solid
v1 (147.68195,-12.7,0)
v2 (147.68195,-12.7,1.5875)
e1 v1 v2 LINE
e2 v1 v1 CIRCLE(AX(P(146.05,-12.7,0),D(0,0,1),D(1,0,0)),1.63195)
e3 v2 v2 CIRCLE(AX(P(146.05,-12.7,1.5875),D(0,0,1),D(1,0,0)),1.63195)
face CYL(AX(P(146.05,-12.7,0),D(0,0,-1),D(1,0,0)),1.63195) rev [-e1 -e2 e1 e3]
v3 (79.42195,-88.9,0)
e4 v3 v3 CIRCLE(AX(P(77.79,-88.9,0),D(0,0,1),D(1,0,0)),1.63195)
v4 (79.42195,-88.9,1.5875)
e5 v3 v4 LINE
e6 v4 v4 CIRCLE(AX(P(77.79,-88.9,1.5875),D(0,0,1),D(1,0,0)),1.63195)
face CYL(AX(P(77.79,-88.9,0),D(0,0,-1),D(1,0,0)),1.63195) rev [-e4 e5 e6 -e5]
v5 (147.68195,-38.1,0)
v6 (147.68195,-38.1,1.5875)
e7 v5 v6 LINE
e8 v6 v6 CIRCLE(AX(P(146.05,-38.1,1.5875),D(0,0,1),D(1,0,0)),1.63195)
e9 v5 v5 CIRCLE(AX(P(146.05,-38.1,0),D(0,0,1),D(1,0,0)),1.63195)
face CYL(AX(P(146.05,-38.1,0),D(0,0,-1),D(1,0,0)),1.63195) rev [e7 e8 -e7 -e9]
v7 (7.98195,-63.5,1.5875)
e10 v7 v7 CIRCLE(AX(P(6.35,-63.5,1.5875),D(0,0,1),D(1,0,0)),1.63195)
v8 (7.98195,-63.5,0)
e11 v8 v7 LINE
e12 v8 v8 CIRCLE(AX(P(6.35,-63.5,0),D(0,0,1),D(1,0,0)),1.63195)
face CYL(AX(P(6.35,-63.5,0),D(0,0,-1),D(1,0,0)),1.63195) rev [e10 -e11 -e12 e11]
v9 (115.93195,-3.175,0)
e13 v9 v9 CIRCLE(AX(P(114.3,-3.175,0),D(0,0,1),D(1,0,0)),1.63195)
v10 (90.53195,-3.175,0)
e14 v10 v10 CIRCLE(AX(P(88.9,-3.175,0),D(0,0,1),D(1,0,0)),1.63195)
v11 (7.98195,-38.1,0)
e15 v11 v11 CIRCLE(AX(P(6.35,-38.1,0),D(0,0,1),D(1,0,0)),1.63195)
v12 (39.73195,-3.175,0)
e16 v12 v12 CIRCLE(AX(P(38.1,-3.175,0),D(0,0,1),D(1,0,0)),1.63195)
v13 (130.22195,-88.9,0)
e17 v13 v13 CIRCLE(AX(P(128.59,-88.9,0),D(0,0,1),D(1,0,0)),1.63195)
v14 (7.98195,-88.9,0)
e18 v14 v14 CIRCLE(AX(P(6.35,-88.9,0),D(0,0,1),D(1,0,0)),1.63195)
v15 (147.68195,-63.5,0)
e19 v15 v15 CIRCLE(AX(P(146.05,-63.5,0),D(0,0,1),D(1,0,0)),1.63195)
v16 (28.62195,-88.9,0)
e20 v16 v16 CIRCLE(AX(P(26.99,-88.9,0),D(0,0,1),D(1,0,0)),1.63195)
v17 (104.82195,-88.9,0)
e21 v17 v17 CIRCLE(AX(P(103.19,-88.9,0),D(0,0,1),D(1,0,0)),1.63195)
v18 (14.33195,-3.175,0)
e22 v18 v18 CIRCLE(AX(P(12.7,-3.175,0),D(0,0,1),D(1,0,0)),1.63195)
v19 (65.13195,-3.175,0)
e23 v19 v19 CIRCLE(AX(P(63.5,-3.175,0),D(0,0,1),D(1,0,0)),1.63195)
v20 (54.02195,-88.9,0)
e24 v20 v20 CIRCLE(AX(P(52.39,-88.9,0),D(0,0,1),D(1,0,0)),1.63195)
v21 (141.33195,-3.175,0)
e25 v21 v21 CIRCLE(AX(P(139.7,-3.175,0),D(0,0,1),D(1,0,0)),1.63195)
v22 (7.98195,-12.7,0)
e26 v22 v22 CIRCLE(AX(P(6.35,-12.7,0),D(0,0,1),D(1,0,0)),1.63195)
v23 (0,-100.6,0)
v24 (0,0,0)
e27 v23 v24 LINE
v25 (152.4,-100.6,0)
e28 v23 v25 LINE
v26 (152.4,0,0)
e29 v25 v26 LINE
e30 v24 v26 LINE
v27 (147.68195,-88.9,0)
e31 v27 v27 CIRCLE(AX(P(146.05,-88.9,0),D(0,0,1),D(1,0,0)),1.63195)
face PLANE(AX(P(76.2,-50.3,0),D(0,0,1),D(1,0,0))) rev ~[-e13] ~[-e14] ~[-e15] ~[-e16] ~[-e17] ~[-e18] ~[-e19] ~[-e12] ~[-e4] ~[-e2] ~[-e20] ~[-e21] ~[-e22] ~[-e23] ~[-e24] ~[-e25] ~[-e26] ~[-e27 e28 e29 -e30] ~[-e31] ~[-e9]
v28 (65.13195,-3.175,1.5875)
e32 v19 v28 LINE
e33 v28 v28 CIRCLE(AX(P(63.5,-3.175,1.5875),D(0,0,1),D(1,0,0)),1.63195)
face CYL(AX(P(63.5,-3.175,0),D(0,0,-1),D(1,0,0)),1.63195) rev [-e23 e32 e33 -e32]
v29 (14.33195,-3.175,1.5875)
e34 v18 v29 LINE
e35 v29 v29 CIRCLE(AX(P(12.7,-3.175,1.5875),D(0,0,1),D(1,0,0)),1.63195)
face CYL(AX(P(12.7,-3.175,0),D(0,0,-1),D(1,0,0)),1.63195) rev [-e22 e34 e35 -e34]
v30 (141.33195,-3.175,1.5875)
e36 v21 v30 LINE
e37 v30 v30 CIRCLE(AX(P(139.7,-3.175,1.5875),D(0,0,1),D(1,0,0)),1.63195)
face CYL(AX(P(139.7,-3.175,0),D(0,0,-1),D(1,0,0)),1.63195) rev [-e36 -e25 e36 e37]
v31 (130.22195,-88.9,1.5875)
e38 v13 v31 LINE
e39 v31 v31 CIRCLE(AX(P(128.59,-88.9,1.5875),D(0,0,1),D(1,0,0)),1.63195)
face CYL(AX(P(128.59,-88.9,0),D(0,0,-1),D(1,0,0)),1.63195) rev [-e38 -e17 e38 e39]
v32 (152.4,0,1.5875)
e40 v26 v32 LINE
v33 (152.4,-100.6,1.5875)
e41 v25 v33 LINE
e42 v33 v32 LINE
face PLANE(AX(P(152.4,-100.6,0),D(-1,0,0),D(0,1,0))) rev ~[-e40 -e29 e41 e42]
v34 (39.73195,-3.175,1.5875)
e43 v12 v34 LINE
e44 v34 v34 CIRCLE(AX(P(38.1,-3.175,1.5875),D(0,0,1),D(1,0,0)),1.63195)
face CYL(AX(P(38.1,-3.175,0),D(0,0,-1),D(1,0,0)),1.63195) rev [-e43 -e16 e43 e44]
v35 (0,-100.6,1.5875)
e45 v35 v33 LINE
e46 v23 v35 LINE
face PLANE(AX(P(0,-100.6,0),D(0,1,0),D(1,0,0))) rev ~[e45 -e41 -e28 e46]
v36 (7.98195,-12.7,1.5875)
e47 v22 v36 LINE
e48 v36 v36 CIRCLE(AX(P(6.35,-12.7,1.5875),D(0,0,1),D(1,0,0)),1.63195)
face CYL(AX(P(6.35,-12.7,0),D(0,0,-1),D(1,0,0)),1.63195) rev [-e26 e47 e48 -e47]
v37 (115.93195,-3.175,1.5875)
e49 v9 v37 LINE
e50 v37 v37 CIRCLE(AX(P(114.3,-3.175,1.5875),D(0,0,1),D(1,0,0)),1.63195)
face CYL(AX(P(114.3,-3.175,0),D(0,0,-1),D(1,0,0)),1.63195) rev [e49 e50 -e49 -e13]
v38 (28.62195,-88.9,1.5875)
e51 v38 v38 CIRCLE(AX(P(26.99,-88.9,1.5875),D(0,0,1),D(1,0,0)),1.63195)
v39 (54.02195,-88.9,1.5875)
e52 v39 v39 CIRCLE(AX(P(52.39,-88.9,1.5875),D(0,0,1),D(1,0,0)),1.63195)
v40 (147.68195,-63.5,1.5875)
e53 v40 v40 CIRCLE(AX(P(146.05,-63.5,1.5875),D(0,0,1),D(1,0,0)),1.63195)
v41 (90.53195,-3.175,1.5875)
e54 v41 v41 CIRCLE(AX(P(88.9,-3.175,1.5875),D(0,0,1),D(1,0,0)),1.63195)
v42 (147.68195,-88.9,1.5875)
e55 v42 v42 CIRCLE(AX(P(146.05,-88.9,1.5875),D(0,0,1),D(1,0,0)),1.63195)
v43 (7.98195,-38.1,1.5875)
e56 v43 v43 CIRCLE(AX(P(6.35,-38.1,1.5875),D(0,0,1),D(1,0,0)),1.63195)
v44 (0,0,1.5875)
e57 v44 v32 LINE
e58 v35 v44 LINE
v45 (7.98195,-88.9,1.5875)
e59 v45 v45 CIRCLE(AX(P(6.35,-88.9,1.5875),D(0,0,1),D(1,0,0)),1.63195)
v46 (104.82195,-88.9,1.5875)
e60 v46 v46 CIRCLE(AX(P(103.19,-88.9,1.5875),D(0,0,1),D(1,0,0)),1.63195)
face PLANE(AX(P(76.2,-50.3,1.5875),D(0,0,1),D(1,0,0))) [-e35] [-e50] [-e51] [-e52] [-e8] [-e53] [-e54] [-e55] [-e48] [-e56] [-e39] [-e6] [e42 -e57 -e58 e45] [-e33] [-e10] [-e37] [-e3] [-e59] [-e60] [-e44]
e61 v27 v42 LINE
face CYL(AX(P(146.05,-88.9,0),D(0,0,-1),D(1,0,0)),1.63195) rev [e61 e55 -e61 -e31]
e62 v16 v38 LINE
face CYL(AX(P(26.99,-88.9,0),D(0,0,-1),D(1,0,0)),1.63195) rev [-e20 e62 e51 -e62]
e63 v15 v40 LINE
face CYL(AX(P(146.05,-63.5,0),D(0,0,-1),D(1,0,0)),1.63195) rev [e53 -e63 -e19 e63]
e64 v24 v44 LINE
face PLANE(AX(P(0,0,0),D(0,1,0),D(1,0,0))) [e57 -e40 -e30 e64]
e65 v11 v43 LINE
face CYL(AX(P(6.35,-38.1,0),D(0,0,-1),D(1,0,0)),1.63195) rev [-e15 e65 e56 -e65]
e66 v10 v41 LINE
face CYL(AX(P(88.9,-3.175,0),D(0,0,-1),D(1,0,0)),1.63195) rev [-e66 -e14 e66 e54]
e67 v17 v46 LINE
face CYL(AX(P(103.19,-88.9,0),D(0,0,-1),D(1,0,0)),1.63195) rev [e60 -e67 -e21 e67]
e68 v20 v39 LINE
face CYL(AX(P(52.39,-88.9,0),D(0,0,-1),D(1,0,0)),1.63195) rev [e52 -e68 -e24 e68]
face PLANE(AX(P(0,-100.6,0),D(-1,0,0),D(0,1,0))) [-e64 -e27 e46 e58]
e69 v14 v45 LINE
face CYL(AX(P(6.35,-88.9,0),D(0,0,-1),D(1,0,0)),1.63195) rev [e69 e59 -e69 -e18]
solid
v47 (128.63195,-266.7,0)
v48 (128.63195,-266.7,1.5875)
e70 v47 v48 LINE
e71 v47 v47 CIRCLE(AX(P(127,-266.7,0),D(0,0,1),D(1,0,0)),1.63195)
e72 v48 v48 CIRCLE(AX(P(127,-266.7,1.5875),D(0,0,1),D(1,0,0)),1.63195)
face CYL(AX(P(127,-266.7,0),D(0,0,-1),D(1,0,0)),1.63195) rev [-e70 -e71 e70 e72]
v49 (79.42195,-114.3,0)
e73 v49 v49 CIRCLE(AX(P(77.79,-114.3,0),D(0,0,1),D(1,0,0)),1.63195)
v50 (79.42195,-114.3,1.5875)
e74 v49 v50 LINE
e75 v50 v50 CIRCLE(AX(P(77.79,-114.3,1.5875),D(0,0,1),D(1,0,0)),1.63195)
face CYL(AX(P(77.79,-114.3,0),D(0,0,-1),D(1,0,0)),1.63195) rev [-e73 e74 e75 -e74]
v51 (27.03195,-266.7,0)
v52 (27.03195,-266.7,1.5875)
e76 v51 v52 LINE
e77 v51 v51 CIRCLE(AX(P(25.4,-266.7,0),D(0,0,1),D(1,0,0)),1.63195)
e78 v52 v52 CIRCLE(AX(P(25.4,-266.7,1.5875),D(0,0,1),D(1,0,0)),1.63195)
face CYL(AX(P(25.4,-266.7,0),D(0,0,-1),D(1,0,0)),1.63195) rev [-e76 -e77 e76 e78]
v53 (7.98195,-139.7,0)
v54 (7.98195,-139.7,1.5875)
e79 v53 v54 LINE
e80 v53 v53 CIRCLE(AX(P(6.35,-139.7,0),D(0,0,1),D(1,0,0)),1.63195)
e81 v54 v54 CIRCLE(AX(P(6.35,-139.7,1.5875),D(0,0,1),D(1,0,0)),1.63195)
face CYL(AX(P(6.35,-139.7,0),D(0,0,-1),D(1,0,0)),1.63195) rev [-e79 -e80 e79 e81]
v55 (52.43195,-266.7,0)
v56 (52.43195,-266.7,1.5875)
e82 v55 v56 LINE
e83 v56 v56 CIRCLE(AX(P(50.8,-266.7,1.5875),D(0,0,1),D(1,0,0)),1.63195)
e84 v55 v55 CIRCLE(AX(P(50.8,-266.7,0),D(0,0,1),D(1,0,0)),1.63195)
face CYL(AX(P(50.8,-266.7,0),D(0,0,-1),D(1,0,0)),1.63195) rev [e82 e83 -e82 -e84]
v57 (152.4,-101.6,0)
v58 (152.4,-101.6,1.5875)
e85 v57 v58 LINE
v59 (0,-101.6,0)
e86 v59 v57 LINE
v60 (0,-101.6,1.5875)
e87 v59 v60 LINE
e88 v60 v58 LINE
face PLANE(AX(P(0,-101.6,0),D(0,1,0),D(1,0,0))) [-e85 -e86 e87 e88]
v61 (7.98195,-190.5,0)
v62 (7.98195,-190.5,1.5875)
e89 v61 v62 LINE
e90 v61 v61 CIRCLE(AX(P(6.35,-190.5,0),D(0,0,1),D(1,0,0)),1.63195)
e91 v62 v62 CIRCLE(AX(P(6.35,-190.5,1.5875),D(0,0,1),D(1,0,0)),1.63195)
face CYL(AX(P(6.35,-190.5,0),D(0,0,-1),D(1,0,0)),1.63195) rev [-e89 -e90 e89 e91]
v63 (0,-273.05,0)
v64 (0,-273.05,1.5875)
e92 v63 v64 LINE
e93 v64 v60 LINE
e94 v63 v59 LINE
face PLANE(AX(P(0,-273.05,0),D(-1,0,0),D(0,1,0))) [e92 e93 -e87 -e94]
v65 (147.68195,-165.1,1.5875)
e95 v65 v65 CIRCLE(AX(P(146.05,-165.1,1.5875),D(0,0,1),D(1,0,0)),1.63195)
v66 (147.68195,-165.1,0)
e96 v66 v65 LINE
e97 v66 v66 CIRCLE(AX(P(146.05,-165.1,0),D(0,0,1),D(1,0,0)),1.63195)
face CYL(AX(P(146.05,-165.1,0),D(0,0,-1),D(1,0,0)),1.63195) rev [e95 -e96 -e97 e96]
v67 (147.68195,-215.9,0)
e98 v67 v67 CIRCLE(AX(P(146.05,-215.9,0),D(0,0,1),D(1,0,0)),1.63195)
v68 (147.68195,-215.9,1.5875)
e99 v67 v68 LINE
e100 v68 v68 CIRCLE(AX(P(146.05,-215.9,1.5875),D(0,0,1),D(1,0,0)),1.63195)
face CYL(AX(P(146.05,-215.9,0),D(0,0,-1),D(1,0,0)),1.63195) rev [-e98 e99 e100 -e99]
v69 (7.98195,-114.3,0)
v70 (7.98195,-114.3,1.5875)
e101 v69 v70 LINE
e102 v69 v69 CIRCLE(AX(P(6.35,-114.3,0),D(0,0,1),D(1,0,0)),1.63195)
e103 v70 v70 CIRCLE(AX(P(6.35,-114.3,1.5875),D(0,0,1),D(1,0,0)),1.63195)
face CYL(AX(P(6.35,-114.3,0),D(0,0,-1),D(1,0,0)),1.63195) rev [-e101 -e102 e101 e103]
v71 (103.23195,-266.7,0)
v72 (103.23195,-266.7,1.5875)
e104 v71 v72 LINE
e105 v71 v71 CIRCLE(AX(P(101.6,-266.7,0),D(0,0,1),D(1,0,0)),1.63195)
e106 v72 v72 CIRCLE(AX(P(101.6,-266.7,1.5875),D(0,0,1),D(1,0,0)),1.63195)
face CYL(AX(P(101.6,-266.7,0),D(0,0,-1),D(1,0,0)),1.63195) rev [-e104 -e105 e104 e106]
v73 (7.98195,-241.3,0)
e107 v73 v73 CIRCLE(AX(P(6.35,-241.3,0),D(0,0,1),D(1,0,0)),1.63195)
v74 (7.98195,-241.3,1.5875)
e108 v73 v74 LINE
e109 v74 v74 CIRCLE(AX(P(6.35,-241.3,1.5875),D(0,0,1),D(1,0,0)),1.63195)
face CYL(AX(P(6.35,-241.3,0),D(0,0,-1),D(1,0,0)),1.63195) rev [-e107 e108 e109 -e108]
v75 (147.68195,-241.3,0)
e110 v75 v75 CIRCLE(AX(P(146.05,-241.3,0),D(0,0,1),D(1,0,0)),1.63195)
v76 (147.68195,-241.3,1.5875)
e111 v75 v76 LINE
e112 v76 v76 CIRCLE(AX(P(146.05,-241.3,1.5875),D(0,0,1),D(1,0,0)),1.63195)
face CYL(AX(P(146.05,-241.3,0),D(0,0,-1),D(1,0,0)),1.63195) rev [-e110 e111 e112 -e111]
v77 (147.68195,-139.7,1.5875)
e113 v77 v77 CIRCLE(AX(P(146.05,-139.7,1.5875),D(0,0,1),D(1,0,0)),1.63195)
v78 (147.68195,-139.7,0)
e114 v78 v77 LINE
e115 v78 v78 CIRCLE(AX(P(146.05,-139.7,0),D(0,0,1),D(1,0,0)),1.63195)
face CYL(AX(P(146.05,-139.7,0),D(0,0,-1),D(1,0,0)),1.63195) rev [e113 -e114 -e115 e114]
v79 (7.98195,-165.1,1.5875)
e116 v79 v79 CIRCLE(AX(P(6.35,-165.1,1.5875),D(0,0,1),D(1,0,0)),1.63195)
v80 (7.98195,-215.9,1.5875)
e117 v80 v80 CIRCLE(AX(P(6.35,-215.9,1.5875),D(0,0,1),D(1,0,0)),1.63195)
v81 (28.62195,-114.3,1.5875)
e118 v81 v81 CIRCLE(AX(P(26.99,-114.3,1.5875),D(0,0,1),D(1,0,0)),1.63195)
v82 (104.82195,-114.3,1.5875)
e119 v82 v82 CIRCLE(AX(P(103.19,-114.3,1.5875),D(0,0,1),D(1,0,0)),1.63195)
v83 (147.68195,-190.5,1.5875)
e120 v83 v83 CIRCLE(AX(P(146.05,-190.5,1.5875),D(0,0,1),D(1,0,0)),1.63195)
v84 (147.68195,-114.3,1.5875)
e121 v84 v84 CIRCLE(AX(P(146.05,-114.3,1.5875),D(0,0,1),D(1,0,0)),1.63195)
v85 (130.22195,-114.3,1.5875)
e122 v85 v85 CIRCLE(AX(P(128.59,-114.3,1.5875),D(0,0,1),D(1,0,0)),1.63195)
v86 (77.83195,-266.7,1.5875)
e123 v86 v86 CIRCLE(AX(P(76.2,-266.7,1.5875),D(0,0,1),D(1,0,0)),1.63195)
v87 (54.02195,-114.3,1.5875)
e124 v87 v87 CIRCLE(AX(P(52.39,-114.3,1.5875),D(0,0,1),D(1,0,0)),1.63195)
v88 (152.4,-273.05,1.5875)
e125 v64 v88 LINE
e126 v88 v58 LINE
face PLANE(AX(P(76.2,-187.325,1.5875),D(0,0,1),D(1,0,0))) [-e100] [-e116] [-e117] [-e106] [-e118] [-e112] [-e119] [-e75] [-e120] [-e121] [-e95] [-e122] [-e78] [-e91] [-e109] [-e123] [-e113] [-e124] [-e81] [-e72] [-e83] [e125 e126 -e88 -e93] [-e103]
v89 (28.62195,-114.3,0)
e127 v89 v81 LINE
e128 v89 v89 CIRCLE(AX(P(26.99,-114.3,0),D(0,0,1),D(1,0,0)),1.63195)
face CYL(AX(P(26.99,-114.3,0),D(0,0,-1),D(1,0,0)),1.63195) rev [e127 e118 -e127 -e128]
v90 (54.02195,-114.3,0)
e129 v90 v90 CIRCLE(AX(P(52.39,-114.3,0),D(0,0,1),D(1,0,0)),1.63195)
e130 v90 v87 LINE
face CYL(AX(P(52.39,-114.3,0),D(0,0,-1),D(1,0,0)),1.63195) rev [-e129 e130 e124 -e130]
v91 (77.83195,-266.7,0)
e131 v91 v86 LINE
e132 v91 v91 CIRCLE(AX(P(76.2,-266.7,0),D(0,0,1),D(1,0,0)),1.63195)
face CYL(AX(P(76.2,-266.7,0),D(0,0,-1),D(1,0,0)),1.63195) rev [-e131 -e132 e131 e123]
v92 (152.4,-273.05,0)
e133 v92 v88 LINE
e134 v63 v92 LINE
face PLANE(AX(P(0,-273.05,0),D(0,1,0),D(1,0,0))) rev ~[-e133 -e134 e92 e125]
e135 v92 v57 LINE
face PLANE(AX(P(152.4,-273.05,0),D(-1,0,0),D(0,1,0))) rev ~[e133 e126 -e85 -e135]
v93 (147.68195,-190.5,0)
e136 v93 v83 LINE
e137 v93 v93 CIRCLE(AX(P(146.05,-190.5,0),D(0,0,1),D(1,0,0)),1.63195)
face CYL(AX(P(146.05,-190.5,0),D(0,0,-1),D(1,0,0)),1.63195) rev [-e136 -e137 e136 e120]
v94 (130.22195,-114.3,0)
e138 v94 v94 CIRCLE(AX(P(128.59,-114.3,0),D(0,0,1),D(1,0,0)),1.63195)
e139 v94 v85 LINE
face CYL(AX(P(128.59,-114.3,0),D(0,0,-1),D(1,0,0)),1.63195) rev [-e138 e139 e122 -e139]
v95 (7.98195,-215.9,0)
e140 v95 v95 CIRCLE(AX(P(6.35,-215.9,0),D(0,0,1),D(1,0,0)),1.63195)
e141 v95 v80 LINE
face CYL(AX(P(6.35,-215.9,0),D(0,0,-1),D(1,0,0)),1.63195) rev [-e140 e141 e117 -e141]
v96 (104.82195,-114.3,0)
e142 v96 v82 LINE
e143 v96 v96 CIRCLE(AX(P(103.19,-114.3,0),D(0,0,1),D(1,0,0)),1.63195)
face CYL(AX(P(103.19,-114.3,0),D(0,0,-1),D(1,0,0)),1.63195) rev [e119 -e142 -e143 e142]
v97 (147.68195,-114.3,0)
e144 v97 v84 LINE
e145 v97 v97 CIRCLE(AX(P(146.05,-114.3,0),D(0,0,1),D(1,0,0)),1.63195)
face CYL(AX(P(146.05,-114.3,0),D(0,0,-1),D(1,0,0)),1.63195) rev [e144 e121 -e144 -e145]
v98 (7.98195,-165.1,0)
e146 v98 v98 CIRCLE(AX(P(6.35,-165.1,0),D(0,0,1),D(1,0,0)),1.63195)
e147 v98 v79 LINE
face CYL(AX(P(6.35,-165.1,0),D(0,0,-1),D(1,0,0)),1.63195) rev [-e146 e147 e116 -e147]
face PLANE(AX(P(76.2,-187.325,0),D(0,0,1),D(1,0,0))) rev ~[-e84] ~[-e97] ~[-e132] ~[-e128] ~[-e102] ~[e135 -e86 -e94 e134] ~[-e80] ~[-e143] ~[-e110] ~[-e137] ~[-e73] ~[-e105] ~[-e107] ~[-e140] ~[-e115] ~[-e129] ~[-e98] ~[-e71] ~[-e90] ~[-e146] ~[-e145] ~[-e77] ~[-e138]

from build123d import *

# Parameters (mm, degrees)
SKETCH1_W             = 152.4
SKETCH1_H             = 100.6
SKETCH1_R             = 1.63195
BOSS_EXTRUDE1_DEPTH   = 1.5875
SKETCH1_H_2           = 171.45
BOSS_EXTRUDE1_2_DEPTH = 1.5875


with BuildPart() as part:
    # Sketch1 → Boss-Extrude1 (new body)
    with BuildSketch(Plane.XY):
        with Locations((76.2, -50.3)):
            Rectangle(SKETCH1_W, SKETCH1_H)
        with Locations((6.35, -88.9)):
            Circle(SKETCH1_R, mode=Mode.SUBTRACT)
        with Locations((26.99, -88.9)):
            Circle(SKETCH1_R, mode=Mode.SUBTRACT)
        with Locations((52.39, -88.9)):
            Circle(SKETCH1_R, mode=Mode.SUBTRACT)
        with Locations((6.35, -63.5)):
            Circle(SKETCH1_R, mode=Mode.SUBTRACT)
        with Locations((6.35, -38.1)):
            Circle(SKETCH1_R, mode=Mode.SUBTRACT)
        with Locations((6.35, -12.7)):
            Circle(SKETCH1_R, mode=Mode.SUBTRACT)
        with Locations((12.7, -3.175)):
            Circle(SKETCH1_R, mode=Mode.SUBTRACT)
        with Locations((38.1, -3.175)):
            Circle(SKETCH1_R, mode=Mode.SUBTRACT)
        with Locations((63.5, -3.175)):
            Circle(SKETCH1_R, mode=Mode.SUBTRACT)
        with Locations((77.79, -88.9)):
            Circle(SKETCH1_R, mode=Mode.SUBTRACT)
        with Locations((103.19, -88.9)):
            Circle(SKETCH1_R, mode=Mode.SUBTRACT)
        with Locations((128.59, -88.9)):
            Circle(SKETCH1_R, mode=Mode.SUBTRACT)
        with Locations((146.05, -88.9)):
            Circle(SKETCH1_R, mode=Mode.SUBTRACT)
        with Locations((88.9, -3.175)):
            Circle(SKETCH1_R, mode=Mode.SUBTRACT)
        with Locations((146.05, -63.5)):
            Circle(SKETCH1_R, mode=Mode.SUBTRACT)
        with Locations((146.05, -38.1)):
            Circle(SKETCH1_R, mode=Mode.SUBTRACT)
        with Locations((114.3, -3.175)):
            Circle(SKETCH1_R, mode=Mode.SUBTRACT)
        with Locations((139.7, -3.175)):
            Circle(SKETCH1_R, mode=Mode.SUBTRACT)
        with Locations((146.05, -12.7)):
            Circle(SKETCH1_R, mode=Mode.SUBTRACT)
    extrude(amount=BOSS_EXTRUDE1_DEPTH)


with BuildPart() as body_2:
    # Sketch1 → Boss-Extrude1 2 (new body)
    with BuildSketch(Plane.XY):
        with Locations((76.2, -187.325)):
            Rectangle(SKETCH1_W, SKETCH1_H_2)
        with Locations((6.35, -241.3)):
            Circle(SKETCH1_R, mode=Mode.SUBTRACT)
        with Locations((25.4, -266.7)):
            Circle(SKETCH1_R, mode=Mode.SUBTRACT)
        with Locations((6.35, -215.9)):
            Circle(SKETCH1_R, mode=Mode.SUBTRACT)
        with Locations((50.8, -266.7)):
            Circle(SKETCH1_R, mode=Mode.SUBTRACT)
        with Locations((76.2, -266.7)):
            Circle(SKETCH1_R, mode=Mode.SUBTRACT)
        with Locations((6.35, -190.5)):
            Circle(SKETCH1_R, mode=Mode.SUBTRACT)
        with Locations((6.35, -165.1)):
            Circle(SKETCH1_R, mode=Mode.SUBTRACT)
        with Locations((6.35, -139.7)):
            Circle(SKETCH1_R, mode=Mode.SUBTRACT)
        with Locations((101.6, -266.7)):
            Circle(SKETCH1_R, mode=Mode.SUBTRACT)
        with Locations((127, -266.7)):
            Circle(SKETCH1_R, mode=Mode.SUBTRACT)
        with Locations((146.05, -241.3)):
            Circle(SKETCH1_R, mode=Mode.SUBTRACT)
        with Locations((146.05, -215.9)):
            Circle(SKETCH1_R, mode=Mode.SUBTRACT)
        with Locations((146.05, -190.5)):
            Circle(SKETCH1_R, mode=Mode.SUBTRACT)
        with Locations((146.05, -165.1)):
            Circle(SKETCH1_R, mode=Mode.SUBTRACT)
        with Locations((146.05, -139.7)):
            Circle(SKETCH1_R, mode=Mode.SUBTRACT)
        with Locations((6.35, -114.3)):
            Circle(SKETCH1_R, mode=Mode.SUBTRACT)
        with Locations((26.99, -114.3)):
            Circle(SKETCH1_R, mode=Mode.SUBTRACT)
        with Locations((52.39, -114.3)):
            Circle(SKETCH1_R, mode=Mode.SUBTRACT)
        with Locations((77.79, -114.3)):
            Circle(SKETCH1_R, mode=Mode.SUBTRACT)
        with Locations((103.19, -114.3)):
            Circle(SKETCH1_R, mode=Mode.SUBTRACT)
        with Locations((128.59, -114.3)):
            Circle(SKETCH1_R, mode=Mode.SUBTRACT)
        with Locations((146.05, -114.3)):
            Circle(SKETCH1_R, mode=Mode.SUBTRACT)
    extrude(amount=BOSS_EXTRUDE1_2_DEPTH)


solid = Compound([part.part, body_2.part])
